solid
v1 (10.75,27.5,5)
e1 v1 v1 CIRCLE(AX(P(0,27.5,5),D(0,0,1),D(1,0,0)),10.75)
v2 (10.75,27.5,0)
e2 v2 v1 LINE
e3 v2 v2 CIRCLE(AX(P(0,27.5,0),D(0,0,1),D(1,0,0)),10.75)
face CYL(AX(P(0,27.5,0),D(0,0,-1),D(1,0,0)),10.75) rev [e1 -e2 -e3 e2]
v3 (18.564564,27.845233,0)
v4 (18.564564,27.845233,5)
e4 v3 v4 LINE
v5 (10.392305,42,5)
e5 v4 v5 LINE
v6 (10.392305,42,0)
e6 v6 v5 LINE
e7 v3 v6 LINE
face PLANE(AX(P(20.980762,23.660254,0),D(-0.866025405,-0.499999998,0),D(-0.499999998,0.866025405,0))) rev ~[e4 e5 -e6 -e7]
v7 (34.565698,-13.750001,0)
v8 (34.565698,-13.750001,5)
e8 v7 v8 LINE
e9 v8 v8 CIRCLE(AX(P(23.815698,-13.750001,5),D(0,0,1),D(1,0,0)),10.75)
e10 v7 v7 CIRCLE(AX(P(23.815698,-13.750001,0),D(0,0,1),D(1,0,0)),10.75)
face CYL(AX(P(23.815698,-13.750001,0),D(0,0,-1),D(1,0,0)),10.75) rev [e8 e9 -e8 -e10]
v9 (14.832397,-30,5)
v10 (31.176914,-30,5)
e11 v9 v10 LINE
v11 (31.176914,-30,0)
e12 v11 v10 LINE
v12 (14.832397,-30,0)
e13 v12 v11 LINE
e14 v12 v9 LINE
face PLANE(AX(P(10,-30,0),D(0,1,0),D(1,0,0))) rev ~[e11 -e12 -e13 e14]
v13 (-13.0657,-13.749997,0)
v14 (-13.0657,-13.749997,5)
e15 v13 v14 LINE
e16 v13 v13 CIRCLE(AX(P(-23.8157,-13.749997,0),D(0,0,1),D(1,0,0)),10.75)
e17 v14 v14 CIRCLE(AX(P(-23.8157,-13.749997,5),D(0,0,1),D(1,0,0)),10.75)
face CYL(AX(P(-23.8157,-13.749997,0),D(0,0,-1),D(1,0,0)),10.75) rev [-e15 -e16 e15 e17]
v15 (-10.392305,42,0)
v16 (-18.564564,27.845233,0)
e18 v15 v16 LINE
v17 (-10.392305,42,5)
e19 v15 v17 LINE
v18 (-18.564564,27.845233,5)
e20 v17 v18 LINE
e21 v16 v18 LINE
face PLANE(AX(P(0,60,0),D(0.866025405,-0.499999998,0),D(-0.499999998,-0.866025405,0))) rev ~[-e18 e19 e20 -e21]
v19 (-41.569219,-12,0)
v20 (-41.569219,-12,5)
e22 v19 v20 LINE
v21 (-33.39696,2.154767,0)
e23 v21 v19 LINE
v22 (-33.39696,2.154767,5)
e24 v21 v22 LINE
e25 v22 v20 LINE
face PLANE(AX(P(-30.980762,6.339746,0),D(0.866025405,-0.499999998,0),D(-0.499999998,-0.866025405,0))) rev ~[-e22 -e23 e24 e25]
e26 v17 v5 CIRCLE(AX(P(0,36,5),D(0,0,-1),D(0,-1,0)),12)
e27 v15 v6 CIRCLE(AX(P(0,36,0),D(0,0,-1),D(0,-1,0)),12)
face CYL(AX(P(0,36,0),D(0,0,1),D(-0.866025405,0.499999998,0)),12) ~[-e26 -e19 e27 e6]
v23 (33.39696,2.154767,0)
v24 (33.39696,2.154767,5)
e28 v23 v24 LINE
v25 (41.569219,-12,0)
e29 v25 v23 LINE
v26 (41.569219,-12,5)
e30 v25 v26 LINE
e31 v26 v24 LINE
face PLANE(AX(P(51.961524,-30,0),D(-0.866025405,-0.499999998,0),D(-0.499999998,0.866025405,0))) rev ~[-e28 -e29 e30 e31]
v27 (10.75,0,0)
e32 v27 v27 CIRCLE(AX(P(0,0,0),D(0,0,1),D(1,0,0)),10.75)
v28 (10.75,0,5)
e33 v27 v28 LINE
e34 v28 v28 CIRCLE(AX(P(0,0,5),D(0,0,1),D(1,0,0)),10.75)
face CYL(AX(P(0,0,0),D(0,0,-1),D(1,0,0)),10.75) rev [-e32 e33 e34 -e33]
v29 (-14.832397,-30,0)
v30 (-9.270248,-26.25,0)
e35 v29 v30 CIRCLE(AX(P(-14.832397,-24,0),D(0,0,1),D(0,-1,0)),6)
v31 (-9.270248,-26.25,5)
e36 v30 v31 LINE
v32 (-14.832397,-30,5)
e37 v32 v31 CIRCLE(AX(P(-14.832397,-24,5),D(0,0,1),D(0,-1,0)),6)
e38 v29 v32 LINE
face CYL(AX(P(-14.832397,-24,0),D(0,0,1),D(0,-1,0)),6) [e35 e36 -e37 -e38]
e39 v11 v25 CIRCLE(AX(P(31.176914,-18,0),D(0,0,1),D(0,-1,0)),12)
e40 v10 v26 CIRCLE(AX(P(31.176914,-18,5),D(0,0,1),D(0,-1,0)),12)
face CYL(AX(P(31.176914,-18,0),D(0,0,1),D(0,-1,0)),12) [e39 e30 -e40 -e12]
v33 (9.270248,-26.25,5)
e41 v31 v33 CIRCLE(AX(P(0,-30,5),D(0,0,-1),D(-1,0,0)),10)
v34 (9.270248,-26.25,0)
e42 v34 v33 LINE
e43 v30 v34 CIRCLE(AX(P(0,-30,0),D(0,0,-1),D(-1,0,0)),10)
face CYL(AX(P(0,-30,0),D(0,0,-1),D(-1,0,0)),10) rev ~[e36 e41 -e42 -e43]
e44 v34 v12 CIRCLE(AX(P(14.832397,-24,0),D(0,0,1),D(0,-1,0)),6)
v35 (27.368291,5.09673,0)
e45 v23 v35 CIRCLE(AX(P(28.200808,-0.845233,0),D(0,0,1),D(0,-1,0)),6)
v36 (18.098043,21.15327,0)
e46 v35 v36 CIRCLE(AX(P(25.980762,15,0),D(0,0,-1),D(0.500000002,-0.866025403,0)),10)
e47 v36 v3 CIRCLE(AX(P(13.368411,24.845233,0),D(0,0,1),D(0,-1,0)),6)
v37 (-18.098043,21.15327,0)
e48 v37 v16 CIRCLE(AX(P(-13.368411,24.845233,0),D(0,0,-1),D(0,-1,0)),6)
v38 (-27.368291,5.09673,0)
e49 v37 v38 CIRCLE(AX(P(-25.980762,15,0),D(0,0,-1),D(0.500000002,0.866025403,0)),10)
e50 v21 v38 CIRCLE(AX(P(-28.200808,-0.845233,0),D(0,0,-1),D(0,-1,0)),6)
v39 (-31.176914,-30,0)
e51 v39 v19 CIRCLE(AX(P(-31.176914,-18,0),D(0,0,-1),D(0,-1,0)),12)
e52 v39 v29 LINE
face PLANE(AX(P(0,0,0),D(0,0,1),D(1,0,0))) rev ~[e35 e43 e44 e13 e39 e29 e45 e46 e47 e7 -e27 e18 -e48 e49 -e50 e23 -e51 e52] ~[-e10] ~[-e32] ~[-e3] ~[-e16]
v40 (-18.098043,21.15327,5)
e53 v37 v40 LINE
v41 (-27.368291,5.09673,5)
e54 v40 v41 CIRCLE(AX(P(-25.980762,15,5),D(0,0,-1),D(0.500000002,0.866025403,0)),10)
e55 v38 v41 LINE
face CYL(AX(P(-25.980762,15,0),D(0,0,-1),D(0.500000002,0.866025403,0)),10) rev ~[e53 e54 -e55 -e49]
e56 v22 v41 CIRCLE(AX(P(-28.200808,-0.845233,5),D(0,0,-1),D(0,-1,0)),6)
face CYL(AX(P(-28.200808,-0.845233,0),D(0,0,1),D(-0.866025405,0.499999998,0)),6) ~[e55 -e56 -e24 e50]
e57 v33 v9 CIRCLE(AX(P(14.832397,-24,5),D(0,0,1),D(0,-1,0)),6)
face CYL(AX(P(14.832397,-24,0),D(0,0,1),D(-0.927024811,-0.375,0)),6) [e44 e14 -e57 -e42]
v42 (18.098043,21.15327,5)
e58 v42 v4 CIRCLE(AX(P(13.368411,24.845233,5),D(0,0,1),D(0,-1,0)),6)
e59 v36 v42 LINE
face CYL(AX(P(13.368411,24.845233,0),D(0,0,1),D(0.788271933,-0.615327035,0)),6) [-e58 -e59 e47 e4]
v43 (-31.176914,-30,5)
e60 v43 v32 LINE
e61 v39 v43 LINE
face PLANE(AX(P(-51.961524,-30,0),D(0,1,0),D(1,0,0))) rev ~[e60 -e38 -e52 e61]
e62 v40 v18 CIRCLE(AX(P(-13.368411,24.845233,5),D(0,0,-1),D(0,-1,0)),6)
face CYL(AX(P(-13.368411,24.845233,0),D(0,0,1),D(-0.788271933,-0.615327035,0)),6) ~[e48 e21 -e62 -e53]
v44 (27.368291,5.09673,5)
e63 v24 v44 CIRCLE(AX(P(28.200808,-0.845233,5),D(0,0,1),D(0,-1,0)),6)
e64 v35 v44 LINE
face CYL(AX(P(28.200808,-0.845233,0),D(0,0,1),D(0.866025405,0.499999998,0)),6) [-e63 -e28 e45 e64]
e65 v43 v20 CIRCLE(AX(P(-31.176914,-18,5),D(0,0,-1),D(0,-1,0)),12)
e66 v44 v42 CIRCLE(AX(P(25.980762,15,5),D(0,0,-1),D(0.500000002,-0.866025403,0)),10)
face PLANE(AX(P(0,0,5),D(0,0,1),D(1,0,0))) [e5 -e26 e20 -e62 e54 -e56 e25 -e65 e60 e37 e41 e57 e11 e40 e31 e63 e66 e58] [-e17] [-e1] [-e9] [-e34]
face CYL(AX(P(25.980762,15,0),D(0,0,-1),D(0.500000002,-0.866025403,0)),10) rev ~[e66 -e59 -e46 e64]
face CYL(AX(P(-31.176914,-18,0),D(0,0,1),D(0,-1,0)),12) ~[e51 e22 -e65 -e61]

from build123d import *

# Parameters (mm, degrees)
F0_R     = 10.75
F1_DEPTH = 5
F2_R     = 12
F3_R     = 6


with BuildPart() as f1:
    # F0 (on Top) → F1 (new body)
    with BuildSketch(Plane.XY):
        with BuildLine():
            ThreePointArc((-10, -30), (0, -20), (10, -30))
            Line((10, -30), (51.961524, -30))
            Line((51.961524, -30), (30.980762, 6.339746))
            ThreePointArc((30.980762, 6.339746), (17.320508, 10), (20.980762, 23.660254))
            Line((20.980762, 23.660254), (0, 60))
            Line((0, 60), (-20.980762, 23.660254))
            ThreePointArc((-20.980762, 23.660254), (-17.320508, 10), (-30.980762, 6.339746))
            Line((-30.980762, 6.339746), (-51.961524, -30))
            Line((-51.961524, -30), (-10, -30))
        make_face()
        with Locations((-23.8157, -13.749997)):
            Circle(F0_R, mode=Mode.SUBTRACT)
        with Locations((23.815698, -13.750001)):
            Circle(F0_R, mode=Mode.SUBTRACT)
        Circle(F0_R, mode=Mode.SUBTRACT)
        with Locations((0, 27.5)):
            Circle(F0_R, mode=Mode.SUBTRACT)
    extrude(amount=F1_DEPTH)

    # F2
    f2_edges = [f1.edges().sort_by_distance(p)[0] for p in [
        (-51.961524, -30, 2.5),
        (51.961524, -30, 2.5),
        (0, 60, 2.5),
    ]]
    fillet(f2_edges, radius=F2_R)

    # F3
    f3_edges = [f1.edges().sort_by_distance(p)[0] for p in [
        (30.980762, 6.339746, 2.5),
        (20.980762, 23.660254, 2.5),
        (-20.980762, 23.660254, 2.5),
        (-30.980762, 6.339746, 2.5),
        (-10, -30, 2.5),
        (10, -30, 2.5),
    ]]
    fillet(f3_edges, radius=F3_R)


solid = f1.part
